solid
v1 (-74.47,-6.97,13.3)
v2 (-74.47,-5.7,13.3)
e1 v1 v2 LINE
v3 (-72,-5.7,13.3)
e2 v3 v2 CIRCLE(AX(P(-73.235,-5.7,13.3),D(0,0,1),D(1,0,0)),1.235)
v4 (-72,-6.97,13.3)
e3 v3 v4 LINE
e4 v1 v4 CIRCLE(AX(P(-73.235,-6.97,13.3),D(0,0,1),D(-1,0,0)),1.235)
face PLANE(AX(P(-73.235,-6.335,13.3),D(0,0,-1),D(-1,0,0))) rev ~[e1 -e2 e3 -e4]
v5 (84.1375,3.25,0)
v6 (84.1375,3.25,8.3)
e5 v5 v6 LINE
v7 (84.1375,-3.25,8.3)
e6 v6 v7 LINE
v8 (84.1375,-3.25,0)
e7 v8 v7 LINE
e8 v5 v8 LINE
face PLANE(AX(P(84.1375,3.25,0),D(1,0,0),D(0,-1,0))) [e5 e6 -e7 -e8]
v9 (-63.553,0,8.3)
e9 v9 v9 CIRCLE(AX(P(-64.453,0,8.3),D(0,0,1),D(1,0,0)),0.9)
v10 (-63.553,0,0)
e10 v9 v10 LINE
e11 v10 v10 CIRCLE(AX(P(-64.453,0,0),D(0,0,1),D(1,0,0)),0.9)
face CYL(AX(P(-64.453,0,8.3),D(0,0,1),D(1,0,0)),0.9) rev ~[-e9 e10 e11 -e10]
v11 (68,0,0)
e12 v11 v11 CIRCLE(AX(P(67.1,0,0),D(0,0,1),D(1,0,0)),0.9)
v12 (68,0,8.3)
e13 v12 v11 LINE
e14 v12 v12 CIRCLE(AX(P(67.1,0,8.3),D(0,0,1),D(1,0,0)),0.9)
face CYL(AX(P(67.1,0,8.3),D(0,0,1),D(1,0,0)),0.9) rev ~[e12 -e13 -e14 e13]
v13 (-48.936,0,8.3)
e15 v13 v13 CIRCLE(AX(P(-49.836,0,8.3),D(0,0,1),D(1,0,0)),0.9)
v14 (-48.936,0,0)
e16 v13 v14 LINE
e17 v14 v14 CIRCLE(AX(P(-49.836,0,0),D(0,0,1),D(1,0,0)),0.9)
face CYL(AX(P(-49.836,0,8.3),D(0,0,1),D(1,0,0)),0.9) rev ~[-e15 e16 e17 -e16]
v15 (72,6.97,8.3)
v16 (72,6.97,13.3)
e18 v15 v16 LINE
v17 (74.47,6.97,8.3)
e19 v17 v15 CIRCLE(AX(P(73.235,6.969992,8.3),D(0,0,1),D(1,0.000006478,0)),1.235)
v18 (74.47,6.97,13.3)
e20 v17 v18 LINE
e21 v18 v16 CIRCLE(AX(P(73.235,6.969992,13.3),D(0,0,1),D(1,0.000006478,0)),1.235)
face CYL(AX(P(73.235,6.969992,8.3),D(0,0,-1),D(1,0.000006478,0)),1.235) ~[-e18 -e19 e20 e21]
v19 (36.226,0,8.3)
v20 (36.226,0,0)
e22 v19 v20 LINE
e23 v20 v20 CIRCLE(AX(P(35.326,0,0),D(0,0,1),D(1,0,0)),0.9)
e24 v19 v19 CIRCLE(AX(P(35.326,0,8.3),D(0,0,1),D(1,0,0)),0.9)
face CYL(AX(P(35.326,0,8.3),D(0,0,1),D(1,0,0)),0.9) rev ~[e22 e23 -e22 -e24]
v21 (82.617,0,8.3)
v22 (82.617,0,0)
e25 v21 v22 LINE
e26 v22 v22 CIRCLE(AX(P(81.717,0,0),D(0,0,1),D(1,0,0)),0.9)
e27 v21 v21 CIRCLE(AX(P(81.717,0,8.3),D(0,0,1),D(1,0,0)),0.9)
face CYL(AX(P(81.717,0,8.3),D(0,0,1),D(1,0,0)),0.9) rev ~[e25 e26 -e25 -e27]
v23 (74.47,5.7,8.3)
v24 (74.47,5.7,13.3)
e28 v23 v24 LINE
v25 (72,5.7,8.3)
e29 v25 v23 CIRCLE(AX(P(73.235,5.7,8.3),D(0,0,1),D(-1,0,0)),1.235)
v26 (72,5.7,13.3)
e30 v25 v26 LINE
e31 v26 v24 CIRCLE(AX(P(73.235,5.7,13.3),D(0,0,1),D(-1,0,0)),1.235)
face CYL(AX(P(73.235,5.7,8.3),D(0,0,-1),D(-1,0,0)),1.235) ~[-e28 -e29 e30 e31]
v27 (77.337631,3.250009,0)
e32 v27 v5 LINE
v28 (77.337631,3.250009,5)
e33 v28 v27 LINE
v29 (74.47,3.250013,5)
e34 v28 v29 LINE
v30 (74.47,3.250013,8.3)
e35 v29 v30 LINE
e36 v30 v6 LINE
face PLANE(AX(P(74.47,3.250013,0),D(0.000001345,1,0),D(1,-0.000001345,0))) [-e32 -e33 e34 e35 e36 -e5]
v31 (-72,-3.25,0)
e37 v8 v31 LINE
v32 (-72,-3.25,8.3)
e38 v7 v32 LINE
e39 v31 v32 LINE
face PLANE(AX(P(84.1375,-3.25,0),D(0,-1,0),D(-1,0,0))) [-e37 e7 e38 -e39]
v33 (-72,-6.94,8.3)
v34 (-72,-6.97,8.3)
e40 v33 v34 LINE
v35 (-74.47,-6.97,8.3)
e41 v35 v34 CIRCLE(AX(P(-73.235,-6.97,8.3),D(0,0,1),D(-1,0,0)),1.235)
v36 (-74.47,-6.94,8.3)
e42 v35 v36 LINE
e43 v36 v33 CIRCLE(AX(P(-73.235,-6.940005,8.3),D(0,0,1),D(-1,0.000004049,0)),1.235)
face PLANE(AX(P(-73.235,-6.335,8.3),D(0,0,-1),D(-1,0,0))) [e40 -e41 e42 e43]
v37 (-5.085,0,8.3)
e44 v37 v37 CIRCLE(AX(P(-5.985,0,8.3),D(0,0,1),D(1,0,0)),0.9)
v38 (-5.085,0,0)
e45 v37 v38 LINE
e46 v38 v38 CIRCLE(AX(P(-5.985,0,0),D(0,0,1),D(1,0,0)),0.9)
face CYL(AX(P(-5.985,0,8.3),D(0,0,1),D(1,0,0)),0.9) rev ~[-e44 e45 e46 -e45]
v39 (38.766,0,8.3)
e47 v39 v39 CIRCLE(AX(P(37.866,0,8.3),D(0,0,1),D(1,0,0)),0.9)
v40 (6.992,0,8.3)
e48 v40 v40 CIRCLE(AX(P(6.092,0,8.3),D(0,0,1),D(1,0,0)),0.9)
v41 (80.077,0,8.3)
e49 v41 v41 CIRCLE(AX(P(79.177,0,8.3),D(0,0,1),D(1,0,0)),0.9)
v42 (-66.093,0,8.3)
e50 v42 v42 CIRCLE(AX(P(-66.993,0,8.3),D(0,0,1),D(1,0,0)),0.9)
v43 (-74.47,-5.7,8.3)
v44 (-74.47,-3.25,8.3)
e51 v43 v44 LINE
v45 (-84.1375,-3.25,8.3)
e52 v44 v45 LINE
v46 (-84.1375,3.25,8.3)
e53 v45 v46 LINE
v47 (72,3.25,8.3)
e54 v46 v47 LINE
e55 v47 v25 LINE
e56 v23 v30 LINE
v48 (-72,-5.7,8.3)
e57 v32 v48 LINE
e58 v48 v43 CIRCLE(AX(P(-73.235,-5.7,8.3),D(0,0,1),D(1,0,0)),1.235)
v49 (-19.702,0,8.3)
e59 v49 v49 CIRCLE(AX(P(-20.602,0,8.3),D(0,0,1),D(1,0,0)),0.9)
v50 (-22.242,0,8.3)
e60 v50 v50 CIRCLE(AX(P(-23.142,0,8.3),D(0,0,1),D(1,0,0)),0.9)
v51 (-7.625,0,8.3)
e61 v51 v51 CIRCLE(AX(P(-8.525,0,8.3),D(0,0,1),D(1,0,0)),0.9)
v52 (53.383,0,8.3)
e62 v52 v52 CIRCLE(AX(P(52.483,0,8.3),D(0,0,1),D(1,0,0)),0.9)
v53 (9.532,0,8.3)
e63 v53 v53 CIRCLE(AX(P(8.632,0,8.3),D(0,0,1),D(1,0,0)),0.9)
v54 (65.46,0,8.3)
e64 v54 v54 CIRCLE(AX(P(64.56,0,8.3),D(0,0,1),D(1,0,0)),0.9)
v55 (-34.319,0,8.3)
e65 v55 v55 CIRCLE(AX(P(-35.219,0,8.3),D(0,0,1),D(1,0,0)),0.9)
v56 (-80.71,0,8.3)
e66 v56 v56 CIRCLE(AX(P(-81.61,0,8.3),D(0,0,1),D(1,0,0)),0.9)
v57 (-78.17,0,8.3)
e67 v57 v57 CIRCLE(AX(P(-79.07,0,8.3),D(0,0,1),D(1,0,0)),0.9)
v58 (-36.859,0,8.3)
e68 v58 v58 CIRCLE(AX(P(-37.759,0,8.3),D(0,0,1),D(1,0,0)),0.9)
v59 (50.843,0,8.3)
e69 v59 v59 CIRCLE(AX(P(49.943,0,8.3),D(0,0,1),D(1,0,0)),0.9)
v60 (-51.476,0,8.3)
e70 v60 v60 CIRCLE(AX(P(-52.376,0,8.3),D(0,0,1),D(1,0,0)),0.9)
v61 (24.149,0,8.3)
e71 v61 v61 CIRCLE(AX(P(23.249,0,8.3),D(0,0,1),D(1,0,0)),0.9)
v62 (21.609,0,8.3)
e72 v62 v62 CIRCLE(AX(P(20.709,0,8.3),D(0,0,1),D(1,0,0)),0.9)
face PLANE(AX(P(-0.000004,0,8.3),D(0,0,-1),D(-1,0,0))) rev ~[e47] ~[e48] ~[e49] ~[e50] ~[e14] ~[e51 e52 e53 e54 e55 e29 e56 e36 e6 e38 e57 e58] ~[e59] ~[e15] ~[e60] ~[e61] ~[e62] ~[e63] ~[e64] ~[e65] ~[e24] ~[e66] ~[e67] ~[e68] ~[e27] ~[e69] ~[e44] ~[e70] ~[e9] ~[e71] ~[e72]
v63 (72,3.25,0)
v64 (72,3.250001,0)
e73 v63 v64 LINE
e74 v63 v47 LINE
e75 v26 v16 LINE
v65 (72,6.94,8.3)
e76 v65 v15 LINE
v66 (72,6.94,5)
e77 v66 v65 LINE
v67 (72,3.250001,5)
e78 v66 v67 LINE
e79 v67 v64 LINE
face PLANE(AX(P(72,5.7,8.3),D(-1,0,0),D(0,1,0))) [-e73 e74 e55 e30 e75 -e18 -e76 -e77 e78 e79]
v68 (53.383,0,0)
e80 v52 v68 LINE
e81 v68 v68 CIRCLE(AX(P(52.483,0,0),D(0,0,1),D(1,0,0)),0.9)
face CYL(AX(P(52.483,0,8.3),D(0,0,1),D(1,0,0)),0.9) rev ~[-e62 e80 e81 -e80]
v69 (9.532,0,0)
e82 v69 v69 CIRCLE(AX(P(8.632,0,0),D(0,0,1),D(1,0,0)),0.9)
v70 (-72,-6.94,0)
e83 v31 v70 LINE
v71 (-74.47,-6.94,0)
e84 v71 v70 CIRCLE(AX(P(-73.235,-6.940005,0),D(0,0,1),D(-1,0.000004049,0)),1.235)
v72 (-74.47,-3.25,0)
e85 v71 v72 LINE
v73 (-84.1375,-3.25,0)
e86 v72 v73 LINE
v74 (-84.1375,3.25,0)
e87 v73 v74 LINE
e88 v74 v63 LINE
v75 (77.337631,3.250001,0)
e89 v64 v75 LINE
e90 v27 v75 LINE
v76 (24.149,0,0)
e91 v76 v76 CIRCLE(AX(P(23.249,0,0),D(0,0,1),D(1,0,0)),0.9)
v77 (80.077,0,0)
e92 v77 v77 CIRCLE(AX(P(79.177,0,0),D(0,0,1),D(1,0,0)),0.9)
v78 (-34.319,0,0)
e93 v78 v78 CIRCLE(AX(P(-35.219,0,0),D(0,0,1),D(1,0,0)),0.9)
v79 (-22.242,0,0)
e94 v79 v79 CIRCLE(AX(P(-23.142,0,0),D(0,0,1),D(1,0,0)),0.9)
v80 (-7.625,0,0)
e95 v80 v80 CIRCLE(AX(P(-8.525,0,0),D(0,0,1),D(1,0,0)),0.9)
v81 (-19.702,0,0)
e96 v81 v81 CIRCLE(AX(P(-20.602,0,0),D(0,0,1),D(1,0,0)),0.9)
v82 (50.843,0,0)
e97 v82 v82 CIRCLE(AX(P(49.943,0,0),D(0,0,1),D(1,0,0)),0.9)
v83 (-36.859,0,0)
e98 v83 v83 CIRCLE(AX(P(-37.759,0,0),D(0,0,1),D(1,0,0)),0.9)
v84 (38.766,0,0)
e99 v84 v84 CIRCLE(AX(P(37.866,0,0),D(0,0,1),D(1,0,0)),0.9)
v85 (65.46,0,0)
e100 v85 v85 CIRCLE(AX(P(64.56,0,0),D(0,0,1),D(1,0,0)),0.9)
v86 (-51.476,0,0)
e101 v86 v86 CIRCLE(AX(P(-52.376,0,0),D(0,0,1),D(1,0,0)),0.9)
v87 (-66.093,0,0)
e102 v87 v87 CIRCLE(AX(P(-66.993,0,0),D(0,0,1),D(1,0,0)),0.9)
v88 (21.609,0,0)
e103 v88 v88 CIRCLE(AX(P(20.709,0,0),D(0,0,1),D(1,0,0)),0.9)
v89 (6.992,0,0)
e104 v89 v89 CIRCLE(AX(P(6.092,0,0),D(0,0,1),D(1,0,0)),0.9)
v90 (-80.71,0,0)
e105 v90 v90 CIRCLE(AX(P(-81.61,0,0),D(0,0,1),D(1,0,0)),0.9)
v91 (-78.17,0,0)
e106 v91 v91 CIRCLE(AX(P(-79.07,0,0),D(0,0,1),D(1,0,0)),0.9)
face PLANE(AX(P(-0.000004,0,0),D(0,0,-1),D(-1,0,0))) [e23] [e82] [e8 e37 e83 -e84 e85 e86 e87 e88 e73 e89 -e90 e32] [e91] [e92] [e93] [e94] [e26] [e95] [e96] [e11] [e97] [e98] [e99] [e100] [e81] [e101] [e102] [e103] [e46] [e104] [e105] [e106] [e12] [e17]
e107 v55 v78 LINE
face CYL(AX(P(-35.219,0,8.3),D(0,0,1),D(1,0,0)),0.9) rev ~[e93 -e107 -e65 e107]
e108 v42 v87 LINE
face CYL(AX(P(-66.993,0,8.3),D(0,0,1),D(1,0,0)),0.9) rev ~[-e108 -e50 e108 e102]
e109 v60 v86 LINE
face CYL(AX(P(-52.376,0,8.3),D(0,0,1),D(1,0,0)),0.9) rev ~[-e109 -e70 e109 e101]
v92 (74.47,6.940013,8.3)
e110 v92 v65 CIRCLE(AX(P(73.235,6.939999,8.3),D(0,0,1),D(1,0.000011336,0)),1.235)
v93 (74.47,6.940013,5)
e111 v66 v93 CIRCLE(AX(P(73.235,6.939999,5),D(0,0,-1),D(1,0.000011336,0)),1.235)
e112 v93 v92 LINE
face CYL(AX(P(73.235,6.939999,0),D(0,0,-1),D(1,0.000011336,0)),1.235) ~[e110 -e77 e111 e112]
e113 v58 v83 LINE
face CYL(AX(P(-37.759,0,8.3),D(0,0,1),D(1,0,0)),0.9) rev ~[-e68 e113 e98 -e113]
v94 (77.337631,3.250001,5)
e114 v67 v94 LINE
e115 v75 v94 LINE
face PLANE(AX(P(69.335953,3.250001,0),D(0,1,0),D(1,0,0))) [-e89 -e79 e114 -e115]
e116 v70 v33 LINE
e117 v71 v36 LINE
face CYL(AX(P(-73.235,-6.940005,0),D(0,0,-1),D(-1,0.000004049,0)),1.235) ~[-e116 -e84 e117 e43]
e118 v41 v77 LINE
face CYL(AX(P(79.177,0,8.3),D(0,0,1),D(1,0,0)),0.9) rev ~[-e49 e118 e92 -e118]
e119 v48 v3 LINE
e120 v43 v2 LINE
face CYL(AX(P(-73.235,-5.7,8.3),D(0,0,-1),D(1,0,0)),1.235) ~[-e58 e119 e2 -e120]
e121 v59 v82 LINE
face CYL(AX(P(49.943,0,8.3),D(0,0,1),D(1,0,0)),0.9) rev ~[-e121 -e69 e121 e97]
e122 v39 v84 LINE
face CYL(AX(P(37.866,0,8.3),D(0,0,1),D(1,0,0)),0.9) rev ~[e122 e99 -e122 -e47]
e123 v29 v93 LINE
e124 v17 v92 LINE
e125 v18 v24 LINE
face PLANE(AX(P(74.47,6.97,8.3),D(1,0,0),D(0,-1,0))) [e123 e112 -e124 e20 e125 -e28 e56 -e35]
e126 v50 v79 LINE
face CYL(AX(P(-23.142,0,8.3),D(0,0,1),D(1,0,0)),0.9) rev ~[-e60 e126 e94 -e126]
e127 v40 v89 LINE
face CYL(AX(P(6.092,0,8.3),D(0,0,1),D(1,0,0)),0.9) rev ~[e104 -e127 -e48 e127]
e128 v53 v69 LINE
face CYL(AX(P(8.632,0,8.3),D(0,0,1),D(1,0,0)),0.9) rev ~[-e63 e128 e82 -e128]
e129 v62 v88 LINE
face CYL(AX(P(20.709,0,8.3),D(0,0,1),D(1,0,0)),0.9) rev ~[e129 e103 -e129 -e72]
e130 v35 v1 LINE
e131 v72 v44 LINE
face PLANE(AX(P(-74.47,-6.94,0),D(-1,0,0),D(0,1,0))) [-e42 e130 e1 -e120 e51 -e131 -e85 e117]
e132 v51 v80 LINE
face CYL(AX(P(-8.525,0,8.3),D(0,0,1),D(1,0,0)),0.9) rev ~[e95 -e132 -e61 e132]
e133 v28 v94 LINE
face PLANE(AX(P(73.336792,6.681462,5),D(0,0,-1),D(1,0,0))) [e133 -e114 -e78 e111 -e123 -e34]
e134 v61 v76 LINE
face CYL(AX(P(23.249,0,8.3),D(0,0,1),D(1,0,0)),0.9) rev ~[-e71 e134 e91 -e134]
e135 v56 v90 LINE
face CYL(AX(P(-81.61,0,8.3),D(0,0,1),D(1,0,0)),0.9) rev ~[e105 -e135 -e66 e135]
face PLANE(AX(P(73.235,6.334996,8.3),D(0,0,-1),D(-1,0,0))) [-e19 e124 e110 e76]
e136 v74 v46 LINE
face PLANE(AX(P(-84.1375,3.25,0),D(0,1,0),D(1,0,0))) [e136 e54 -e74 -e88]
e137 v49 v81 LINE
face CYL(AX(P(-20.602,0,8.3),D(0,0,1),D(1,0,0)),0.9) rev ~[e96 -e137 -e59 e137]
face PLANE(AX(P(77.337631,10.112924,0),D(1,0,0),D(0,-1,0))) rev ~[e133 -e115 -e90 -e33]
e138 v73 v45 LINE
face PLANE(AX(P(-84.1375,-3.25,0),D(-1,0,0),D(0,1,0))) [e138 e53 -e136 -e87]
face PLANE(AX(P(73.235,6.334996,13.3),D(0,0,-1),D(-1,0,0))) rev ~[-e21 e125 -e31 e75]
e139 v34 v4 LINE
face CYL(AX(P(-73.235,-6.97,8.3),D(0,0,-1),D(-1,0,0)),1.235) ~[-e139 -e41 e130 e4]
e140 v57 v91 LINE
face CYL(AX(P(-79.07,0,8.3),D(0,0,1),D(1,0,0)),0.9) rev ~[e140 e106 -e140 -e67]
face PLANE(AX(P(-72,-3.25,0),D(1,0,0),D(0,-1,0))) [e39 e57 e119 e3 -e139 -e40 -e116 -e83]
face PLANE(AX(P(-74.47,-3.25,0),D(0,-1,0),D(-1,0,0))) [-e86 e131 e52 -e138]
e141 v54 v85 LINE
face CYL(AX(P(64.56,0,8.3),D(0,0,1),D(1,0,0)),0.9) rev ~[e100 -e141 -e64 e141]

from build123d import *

# Parameters (mm, degrees)
PAD_DEPTH       = 8.3
SKETCH001_R     = 0.9
POCKET_DEPTH    = 10
PAD001_DEPTH    = 5
SKETCH003_W     = 8.001678
SKETCH003_H     = 6.862923
POCKET001_DEPTH = 5


with BuildPart() as part:
    # Sketch → Pad (new body)
    with BuildSketch(Plane.XY):
        with BuildLine():
            Line((-84.1375, 3.25), (72, 3.25))
            Line((72, 3.25), (72, 6.94))
            ThreePointArc((74.47, 6.940013), (73.234993, 8.174999), (72, 6.94))
            Line((74.47, 6.940013), (74.47, 3.250013))
            Line((74.47, 3.250013), (84.1375, 3.25))
            Line((84.1375, 3.25), (84.1375, -3.25))
            Line((84.1375, -3.25), (-72, -3.25))
            Line((-72, -3.25), (-72, -6.94))
            ThreePointArc((-74.47, -6.94), (-73.235, -8.175005), (-72, -6.94))
            Line((-74.47, -6.94), (-74.47, -3.25))
            Line((-74.47, -3.25), (-84.1375, -3.25))
            Line((-84.1375, -3.25), (-84.1375, 3.25))
        make_face()
    extrude(amount=PAD_DEPTH)

    # Sketch001 (on Face14 of Pad) → Pocket (cut)
    with BuildSketch(Plane.XY.offset(8.3)):
        with Locations((-81.61, 0)):
            Circle(SKETCH001_R)
        with Locations((-79.07, 0)):
            Circle(SKETCH001_R)
        with Locations((-66.993, 0)):
            Circle(SKETCH001_R)
        with Locations((-64.453, 0)):
            Circle(SKETCH001_R)
        with Locations((-52.376, 0)):
            Circle(SKETCH001_R)
        with Locations((-49.836, 0)):
            Circle(SKETCH001_R)
        with Locations((-37.759, 0)):
            Circle(SKETCH001_R)
        with Locations((-35.219, 0)):
            Circle(SKETCH001_R)
        with Locations((-23.142, 0)):
            Circle(SKETCH001_R)
        with Locations((-20.602, 0)):
            Circle(SKETCH001_R)
        with Locations((-8.525, 0)):
            Circle(SKETCH001_R)
        with Locations((-5.985, 0)):
            Circle(SKETCH001_R)
        with Locations((6.092, 0)):
            Circle(SKETCH001_R)
        with Locations((8.632, 0)):
            Circle(SKETCH001_R)
        with Locations((20.709, 0)):
            Circle(SKETCH001_R)
        with Locations((23.249, 0)):
            Circle(SKETCH001_R)
        with Locations((35.326, 0)):
            Circle(SKETCH001_R)
        with Locations((37.866, 0)):
            Circle(SKETCH001_R)
        with Locations((49.943, 0)):
            Circle(SKETCH001_R)
        with Locations((52.483, 0)):
            Circle(SKETCH001_R)
        with Locations((64.56, 0)):
            Circle(SKETCH001_R)
        with Locations((67.1, 0)):
            Circle(SKETCH001_R)
        with Locations((79.177, 0)):
            Circle(SKETCH001_R)
        with Locations((81.717, 0)):
            Circle(SKETCH001_R)
    extrude(amount=-POCKET_DEPTH, mode=Mode.SUBTRACT)

    # Sketch002 (on Face5 of Pocket) → Pad001 (join)
    with BuildSketch(Plane.XY.offset(8.3)):
        with BuildLine():
            Line((74.47, 6.97), (74.47, 5.7))
            ThreePointArc((72, 5.7), (73.235, 4.465), (74.47, 5.7))
            Line((72, 5.7), (72, 6.97))
            ThreePointArc((74.47, 6.97), (73.235, 8.204992), (72, 6.97))
        make_face()
        with BuildLine():
            Line((-72, -5.7), (-72, -6.97))
            ThreePointArc((-74.47, -6.97), (-73.235, -8.205), (-72, -6.97))
            Line((-74.47, -6.97), (-74.47, -5.7))
            ThreePointArc((-72, -5.7), (-73.235, -4.465), (-74.47, -5.7))
        make_face()
    extrude(amount=PAD001_DEPTH)

    # Sketch003 (on Face4 of Pad001) → Pocket001 (cut)
    with BuildSketch(Plane(origin=(0, 0, 0), x_dir=(1, 0, 0), z_dir=(0, 0, -1))):
        with Locations((73.336792, -6.681462)):
            Rectangle(SKETCH003_W, SKETCH003_H)
    extrude(amount=-POCKET001_DEPTH, mode=Mode.SUBTRACT)


solid = part.part
